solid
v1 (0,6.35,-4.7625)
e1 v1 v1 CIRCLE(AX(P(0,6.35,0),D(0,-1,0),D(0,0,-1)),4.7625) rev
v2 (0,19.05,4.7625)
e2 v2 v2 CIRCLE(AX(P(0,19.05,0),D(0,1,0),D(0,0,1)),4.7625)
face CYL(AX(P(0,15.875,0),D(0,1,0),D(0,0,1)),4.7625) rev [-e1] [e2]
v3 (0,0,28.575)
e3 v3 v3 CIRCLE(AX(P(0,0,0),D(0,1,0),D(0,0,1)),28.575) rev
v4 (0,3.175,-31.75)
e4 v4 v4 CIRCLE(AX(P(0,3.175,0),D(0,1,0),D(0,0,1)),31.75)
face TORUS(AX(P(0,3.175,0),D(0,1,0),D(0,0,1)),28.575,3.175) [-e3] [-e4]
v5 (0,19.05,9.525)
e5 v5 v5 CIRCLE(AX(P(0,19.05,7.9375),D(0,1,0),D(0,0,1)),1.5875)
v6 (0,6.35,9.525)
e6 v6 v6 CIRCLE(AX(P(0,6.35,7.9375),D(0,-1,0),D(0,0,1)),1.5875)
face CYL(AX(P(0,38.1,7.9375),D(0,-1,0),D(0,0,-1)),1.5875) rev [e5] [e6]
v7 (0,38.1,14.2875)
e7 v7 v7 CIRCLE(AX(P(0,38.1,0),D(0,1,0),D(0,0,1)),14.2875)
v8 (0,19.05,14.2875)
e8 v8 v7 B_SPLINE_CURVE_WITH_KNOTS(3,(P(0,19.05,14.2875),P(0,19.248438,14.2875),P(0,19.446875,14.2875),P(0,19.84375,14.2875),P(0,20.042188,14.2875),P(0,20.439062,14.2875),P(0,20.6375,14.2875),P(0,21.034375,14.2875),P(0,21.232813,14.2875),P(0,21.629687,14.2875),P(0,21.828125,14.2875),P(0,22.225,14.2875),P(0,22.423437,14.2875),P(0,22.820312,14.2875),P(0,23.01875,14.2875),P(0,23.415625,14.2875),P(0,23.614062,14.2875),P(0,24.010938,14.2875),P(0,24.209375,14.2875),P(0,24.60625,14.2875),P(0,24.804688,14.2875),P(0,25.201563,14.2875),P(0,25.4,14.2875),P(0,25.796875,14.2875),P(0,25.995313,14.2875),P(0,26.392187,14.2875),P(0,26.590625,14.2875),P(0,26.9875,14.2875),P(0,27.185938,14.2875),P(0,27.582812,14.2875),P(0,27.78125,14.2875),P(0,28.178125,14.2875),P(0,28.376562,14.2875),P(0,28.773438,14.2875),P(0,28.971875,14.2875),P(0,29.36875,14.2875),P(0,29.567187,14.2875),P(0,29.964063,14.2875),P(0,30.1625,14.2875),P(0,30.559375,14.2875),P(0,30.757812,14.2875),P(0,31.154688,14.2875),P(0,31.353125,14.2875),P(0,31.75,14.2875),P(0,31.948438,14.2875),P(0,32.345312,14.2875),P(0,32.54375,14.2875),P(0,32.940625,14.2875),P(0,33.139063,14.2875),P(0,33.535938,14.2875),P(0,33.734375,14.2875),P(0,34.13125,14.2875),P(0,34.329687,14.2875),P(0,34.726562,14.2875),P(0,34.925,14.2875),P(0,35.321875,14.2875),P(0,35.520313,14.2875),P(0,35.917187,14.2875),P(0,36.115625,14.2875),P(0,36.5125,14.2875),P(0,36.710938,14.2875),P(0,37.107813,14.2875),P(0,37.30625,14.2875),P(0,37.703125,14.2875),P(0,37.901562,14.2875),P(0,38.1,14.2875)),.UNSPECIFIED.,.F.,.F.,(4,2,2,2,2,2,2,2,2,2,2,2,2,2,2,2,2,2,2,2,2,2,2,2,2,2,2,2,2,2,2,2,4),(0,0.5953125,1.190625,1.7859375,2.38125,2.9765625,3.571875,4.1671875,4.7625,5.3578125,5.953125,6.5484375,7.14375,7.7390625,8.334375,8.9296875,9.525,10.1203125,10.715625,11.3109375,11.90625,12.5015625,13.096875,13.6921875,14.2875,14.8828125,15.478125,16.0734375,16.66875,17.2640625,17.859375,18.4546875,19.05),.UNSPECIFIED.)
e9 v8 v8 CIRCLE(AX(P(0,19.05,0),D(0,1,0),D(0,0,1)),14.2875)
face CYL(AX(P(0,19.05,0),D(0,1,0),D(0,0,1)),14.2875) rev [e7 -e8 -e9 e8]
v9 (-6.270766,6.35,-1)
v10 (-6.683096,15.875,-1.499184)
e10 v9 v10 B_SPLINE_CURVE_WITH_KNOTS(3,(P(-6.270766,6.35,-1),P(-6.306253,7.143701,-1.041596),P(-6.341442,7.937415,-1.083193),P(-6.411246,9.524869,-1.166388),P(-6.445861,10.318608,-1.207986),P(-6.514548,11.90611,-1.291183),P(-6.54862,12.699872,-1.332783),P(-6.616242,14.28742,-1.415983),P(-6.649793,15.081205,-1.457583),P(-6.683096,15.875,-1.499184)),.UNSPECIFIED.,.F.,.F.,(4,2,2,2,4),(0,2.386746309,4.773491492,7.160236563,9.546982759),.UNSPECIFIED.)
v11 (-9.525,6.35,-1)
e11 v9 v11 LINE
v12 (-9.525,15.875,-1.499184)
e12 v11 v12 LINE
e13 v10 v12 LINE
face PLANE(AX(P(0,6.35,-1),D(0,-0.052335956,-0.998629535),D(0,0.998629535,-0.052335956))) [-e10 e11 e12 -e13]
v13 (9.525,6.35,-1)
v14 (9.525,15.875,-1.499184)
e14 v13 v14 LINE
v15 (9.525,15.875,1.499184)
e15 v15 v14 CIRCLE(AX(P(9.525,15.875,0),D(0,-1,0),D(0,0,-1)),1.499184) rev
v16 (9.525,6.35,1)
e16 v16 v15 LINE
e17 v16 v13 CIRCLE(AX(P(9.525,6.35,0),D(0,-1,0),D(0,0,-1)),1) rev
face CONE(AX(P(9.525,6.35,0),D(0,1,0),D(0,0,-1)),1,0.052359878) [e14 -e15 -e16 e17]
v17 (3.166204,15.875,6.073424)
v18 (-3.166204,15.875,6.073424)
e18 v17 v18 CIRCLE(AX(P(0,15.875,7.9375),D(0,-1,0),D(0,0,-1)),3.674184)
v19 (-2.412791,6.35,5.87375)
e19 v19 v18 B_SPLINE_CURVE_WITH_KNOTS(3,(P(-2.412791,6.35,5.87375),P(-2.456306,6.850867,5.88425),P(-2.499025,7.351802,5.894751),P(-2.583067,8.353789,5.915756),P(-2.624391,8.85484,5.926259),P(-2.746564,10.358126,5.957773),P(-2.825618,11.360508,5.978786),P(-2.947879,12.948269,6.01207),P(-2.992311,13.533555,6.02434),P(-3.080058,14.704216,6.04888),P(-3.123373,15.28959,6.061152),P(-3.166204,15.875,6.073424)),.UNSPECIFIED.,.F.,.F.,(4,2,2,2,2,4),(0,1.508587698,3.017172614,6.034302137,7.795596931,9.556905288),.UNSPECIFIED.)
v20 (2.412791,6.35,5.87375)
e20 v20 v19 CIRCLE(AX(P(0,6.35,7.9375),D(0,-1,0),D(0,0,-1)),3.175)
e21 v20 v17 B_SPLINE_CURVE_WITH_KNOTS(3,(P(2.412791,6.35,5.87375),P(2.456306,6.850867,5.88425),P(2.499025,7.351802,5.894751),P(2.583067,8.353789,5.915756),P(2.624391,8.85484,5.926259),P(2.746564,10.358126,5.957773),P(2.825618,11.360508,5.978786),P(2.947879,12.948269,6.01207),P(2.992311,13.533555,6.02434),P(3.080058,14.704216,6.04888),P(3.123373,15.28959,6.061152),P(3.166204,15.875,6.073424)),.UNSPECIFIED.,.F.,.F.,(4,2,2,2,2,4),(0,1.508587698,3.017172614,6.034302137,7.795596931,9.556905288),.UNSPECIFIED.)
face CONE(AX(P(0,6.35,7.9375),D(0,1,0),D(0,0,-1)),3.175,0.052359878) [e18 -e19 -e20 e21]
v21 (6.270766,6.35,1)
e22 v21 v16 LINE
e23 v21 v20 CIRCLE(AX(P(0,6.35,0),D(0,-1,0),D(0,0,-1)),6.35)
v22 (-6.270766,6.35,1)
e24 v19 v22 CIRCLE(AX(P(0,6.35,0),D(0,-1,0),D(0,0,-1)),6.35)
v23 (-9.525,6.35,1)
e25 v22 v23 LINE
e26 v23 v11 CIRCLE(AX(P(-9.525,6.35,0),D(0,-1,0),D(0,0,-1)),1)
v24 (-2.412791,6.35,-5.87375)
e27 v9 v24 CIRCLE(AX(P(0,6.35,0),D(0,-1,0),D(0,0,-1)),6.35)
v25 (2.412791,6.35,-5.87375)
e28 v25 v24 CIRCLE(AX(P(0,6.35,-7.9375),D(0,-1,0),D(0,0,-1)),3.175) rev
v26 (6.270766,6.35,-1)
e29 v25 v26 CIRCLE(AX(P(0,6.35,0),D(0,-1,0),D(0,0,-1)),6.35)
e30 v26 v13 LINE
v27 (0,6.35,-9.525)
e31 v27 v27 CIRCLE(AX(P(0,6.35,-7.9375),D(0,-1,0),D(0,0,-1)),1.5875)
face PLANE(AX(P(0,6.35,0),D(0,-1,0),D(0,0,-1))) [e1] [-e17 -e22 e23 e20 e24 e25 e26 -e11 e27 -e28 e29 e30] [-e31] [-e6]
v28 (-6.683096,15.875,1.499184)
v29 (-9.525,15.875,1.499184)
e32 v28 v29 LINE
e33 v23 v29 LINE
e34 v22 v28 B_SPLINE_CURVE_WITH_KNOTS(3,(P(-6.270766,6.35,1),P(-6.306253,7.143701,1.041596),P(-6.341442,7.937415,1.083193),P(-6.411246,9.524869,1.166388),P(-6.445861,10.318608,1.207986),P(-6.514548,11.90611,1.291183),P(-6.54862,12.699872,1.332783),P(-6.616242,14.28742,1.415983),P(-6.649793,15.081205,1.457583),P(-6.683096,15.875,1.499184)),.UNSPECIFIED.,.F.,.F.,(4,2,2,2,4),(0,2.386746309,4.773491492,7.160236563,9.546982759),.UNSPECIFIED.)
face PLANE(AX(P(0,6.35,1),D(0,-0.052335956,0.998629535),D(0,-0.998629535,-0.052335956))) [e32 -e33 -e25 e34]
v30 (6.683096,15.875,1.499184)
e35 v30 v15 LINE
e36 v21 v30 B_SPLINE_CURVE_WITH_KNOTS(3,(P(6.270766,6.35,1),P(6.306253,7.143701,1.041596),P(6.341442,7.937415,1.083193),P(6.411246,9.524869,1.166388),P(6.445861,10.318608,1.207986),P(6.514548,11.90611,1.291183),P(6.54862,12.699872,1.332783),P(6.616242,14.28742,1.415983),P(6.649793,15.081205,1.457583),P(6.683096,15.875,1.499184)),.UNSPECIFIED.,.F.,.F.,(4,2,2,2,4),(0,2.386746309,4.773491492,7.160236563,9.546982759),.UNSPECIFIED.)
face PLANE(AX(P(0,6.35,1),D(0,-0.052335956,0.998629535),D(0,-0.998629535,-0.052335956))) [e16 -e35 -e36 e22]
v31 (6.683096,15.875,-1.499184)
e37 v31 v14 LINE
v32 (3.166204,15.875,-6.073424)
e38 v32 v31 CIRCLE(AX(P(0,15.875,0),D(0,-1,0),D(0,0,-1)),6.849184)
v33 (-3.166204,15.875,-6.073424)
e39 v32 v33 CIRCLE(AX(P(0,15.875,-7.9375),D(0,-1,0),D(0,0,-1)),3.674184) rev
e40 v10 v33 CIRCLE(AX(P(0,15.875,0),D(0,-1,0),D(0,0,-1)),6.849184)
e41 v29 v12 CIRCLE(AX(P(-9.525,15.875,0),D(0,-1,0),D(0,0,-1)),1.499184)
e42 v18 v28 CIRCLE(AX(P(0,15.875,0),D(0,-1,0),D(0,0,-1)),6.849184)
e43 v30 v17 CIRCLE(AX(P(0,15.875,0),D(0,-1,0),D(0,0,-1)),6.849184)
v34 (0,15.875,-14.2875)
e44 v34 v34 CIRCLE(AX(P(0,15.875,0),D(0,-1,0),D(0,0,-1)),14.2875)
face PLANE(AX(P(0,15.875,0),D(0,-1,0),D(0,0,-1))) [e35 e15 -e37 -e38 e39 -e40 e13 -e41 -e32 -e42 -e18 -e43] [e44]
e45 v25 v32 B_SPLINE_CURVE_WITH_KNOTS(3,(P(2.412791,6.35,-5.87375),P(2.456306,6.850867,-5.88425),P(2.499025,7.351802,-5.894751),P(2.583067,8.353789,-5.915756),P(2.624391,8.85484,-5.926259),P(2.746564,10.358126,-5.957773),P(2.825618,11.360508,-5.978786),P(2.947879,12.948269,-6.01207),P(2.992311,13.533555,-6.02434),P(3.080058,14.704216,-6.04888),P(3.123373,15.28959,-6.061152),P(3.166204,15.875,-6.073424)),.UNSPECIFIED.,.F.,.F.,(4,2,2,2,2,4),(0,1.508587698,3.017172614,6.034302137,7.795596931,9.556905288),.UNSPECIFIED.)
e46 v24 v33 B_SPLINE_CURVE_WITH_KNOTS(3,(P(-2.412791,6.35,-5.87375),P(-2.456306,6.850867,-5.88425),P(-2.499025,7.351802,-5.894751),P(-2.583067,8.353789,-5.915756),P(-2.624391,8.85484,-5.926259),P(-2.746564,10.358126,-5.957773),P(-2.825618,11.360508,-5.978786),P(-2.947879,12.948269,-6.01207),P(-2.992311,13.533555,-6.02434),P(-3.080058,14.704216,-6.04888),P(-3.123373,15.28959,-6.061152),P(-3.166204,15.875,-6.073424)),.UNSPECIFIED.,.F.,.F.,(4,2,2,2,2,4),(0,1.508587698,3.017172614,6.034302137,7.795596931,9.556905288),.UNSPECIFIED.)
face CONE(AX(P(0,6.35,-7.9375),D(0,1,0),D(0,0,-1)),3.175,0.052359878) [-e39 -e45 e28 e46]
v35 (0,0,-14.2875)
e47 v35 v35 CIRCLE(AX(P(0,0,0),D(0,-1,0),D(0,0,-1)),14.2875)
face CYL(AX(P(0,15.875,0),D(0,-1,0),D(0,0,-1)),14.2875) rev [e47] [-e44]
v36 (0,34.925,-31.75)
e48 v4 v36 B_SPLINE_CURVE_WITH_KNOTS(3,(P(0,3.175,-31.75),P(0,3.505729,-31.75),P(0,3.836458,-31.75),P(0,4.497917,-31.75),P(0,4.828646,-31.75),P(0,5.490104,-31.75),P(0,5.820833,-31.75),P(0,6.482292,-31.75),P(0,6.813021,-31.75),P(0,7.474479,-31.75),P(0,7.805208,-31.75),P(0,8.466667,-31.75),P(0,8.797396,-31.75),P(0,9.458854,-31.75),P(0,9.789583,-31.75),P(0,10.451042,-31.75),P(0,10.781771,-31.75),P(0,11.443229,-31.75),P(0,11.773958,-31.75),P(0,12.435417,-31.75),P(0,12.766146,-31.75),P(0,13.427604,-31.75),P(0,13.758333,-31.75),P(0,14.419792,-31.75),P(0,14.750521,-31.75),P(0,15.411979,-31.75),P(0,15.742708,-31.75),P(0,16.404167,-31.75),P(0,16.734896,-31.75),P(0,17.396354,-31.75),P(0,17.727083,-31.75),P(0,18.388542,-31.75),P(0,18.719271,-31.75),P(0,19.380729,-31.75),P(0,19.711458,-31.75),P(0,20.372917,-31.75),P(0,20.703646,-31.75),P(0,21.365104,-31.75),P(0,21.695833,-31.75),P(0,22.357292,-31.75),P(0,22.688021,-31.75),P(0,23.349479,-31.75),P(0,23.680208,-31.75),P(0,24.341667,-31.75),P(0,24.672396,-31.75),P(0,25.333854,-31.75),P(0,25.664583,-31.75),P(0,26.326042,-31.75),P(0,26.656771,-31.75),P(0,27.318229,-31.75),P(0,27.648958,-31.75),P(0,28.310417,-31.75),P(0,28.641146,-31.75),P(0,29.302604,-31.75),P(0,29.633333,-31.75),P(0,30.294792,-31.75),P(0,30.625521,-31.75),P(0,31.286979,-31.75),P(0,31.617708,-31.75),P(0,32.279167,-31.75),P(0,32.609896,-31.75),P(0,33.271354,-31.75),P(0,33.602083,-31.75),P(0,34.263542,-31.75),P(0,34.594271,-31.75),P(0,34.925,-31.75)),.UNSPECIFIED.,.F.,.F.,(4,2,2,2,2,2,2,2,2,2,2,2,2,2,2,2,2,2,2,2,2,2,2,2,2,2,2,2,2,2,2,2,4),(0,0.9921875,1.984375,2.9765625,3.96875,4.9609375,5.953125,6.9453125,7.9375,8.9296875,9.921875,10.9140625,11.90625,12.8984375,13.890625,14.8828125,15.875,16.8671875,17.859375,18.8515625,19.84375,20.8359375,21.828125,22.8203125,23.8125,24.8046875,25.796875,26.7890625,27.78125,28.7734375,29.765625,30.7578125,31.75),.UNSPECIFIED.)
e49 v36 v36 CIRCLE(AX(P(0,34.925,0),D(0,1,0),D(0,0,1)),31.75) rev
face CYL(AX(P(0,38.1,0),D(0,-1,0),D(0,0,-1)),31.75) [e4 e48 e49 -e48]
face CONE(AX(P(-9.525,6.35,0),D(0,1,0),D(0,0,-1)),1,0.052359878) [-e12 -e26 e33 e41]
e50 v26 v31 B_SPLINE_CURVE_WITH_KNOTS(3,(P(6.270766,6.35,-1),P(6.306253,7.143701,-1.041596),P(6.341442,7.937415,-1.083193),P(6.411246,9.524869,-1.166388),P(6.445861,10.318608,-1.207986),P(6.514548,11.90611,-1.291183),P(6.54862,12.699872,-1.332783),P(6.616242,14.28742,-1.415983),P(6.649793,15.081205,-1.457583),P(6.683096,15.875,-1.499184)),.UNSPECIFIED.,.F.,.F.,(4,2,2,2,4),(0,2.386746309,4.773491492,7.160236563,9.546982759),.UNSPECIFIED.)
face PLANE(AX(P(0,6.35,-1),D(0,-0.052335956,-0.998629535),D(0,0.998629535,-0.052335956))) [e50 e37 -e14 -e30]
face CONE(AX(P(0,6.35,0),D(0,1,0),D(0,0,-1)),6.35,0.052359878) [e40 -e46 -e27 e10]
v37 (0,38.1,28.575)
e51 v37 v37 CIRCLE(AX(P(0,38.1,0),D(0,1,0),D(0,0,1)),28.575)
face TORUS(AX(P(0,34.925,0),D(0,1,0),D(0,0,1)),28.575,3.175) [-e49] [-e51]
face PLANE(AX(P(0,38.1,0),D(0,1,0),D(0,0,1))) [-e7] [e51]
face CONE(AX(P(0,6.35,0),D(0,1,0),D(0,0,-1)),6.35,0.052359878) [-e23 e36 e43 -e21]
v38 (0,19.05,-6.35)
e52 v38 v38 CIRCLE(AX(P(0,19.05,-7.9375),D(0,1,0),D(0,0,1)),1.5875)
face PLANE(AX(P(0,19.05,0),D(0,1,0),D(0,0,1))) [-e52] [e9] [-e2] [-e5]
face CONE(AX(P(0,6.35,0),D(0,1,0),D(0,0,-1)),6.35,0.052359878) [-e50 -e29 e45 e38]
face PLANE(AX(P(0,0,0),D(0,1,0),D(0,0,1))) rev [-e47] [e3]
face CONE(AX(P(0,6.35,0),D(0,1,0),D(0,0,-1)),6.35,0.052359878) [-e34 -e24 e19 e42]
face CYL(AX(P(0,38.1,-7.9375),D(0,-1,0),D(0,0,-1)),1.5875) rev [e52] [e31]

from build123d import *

# Parameters (mm, degrees)
SKETCH1_R           = 31.75
BOSS_EXTRUDE1_DEPTH = 38.1
FILLET1_R           = 3.175
SKETCH2_R           = 14.2875
CUT_EXTRUDE1_DEPTH  = 19.05
SKETCH3_R           = 4.7625
CUT_EXTRUDE2_DEPTH  = 3.175
SKETCH4_R           = 3.175
CUT_EXTRUDE3_DEPTH  = 51.100654936
CUT_EXTRUDE4_START  = -15.875
SKETCH5_R           = 14.2875
CUT_EXTRUDE4_DEPTH  = 15.875
SKETCH6_R           = 4.7625
BOSS_EXTRUDE2_DEPTH = 9.525
DRAFT2_ANGLE        = 3
SKETCH7_R           = 1.5875
CUT_EXTRUDE5_DEPTH  = 55.99261314


with BuildPart() as part:
    # Sketch1 → Boss-Extrude1 (new body)
    with BuildSketch(Plane(origin=(0, 0, 0), x_dir=(1, 0, 0), z_dir=(0, 1, 0))):
        with Locations(Location((0, 0, 0), (0, 0, 90))):
            Circle(SKETCH1_R)
    extrude(amount=BOSS_EXTRUDE1_DEPTH)

    # Fillet1
    fillet1_edges = [part.edges().sort_by_distance(p)[0] for p in [
        (0, 0, 31.75),
        (0, 38.1, 31.75),
    ]]
    fillet(fillet1_edges, radius=FILLET1_R)

    # Sketch2 → Cut-Extrude1 (cut)
    with BuildSketch(Plane(origin=(0, 38.1, 0), x_dir=(1, 0, 0), z_dir=(0, 1, 0))):
        with Locations(Location((0, 0, 0), (0, 0, 270))):
            Circle(SKETCH2_R)
    extrude(amount=-CUT_EXTRUDE1_DEPTH, mode=Mode.SUBTRACT)

    # Sketch3 → Cut-Extrude2 (cut)
    with BuildSketch(Plane(origin=(0, 19.05, 0), x_dir=(1, 0, 0), z_dir=(0, 1, 0))):
        with Locations(Location((0, 0, 0), (0, 0, 270))):
            Circle(SKETCH3_R)
    extrude(amount=-CUT_EXTRUDE2_DEPTH, mode=Mode.SUBTRACT)

    # Sketch4 → Cut-Extrude3 (cut, through all)
    with BuildSketch(Plane(origin=(0, 15.875, 0), x_dir=(1, 0, 0), z_dir=(0, 1, 0))):
        with Locations(Location((0, 0, 0), (0, 0, 270))):
            Circle(SKETCH4_R)
    extrude(amount=-CUT_EXTRUDE3_DEPTH, mode=Mode.SUBTRACT)

    # Sketch5 → Cut-Extrude4 (cut)
    with BuildSketch(Plane.XZ.offset(CUT_EXTRUDE4_START)):
        with Locations(Location((0, 0, 0), (0, 0, 90))):
            Circle(SKETCH5_R)
    extrude(amount=CUT_EXTRUDE4_DEPTH, mode=Mode.SUBTRACT)

    # Sketch6 → Boss-Extrude2 (add)
    with BuildSketch(Plane(origin=(0, 15.875, 0), x_dir=(-1, 0, 0), z_dir=(0, -1, 0))):
        with BuildLine():
            Line((-9.525, -1), (-6.270765504, -1))
            ThreePointArc((-6.270765504, -1), (-4.978895322, -3.941205573), (-2.412791109, -5.87375))
            ThreePointArc((-2.412791109, -5.87375), (0, -11.1125), (2.412791109, -5.87375))
            ThreePointArc((2.412791109, -5.87375), (4.978895322, -3.941205573), (6.270765504, -1))
            Line((6.270765504, -1), (9.525, -1))
            ThreePointArc((9.525, -1), (10.525, 0), (9.525, 1))
            Line((9.525, 1), (6.270765504, 1))
            ThreePointArc((6.270765504, 1), (4.978895322, 3.941205573), (2.412791109, 5.87375))
            ThreePointArc((2.412791109, 5.87375), (0, 11.1125), (-2.412791109, 5.87375))
            ThreePointArc((-2.412791109, 5.87375), (-4.978895322, 3.941205573), (-6.270765504, 1))
            Line((-6.270765504, 1), (-9.525, 1))
            ThreePointArc((-9.525, 1), (-10.525, 0), (-9.525, -1))
        make_face()
        with Locations(Location((0, 0, 0), (0, 0, 270))):
            Circle(SKETCH6_R, mode=Mode.SUBTRACT)
    extrude(amount=BOSS_EXTRUDE2_DEPTH)

    # Draft2
    draft2_faces = [part.faces().sort_by_distance(p)[0] for p in [
        (10.525, 11.1125, 0),
        (4.978895322, 11.1125, 3.941205573),
        (7.897882752, 11.1125, 1),
        (7.897882752, 11.1125, -1),
        (4.978895322, 11.1125, -3.941205573),
        (0, 11.1125, -11.1125),
        (-7.897882752, 11.1125, 1),
        (-7.897882752, 11.1125, -1),
        (-10.525, 11.1125, 0),
        (-4.978895322, 11.1125, -3.941205573),
        (-4.978895322, 11.1125, 3.941205573),
        (0, 11.1125, 11.1125),
    ]]
    draft(draft2_faces, Plane(origin=(0, 6.35, 0), x_dir=(0, 0, -1), z_dir=(0, -1, 0)), DRAFT2_ANGLE)

    # Sketch7 → Cut-Extrude5 (cut, through all)
    with BuildSketch(Plane(origin=(0, 6.35, 0), x_dir=(-1, 0, 0), z_dir=(0, -1, 0))):
        with Locations(Location((0, 7.9375, 0), (0, 0, 90))):
            Circle(SKETCH7_R)
        with Locations(Location((0, -7.9375, 0), (0, 0, 270))):
            Circle(SKETCH7_R)
    extrude(amount=-CUT_EXTRUDE5_DEPTH, mode=Mode.SUBTRACT)


solid = part.part
